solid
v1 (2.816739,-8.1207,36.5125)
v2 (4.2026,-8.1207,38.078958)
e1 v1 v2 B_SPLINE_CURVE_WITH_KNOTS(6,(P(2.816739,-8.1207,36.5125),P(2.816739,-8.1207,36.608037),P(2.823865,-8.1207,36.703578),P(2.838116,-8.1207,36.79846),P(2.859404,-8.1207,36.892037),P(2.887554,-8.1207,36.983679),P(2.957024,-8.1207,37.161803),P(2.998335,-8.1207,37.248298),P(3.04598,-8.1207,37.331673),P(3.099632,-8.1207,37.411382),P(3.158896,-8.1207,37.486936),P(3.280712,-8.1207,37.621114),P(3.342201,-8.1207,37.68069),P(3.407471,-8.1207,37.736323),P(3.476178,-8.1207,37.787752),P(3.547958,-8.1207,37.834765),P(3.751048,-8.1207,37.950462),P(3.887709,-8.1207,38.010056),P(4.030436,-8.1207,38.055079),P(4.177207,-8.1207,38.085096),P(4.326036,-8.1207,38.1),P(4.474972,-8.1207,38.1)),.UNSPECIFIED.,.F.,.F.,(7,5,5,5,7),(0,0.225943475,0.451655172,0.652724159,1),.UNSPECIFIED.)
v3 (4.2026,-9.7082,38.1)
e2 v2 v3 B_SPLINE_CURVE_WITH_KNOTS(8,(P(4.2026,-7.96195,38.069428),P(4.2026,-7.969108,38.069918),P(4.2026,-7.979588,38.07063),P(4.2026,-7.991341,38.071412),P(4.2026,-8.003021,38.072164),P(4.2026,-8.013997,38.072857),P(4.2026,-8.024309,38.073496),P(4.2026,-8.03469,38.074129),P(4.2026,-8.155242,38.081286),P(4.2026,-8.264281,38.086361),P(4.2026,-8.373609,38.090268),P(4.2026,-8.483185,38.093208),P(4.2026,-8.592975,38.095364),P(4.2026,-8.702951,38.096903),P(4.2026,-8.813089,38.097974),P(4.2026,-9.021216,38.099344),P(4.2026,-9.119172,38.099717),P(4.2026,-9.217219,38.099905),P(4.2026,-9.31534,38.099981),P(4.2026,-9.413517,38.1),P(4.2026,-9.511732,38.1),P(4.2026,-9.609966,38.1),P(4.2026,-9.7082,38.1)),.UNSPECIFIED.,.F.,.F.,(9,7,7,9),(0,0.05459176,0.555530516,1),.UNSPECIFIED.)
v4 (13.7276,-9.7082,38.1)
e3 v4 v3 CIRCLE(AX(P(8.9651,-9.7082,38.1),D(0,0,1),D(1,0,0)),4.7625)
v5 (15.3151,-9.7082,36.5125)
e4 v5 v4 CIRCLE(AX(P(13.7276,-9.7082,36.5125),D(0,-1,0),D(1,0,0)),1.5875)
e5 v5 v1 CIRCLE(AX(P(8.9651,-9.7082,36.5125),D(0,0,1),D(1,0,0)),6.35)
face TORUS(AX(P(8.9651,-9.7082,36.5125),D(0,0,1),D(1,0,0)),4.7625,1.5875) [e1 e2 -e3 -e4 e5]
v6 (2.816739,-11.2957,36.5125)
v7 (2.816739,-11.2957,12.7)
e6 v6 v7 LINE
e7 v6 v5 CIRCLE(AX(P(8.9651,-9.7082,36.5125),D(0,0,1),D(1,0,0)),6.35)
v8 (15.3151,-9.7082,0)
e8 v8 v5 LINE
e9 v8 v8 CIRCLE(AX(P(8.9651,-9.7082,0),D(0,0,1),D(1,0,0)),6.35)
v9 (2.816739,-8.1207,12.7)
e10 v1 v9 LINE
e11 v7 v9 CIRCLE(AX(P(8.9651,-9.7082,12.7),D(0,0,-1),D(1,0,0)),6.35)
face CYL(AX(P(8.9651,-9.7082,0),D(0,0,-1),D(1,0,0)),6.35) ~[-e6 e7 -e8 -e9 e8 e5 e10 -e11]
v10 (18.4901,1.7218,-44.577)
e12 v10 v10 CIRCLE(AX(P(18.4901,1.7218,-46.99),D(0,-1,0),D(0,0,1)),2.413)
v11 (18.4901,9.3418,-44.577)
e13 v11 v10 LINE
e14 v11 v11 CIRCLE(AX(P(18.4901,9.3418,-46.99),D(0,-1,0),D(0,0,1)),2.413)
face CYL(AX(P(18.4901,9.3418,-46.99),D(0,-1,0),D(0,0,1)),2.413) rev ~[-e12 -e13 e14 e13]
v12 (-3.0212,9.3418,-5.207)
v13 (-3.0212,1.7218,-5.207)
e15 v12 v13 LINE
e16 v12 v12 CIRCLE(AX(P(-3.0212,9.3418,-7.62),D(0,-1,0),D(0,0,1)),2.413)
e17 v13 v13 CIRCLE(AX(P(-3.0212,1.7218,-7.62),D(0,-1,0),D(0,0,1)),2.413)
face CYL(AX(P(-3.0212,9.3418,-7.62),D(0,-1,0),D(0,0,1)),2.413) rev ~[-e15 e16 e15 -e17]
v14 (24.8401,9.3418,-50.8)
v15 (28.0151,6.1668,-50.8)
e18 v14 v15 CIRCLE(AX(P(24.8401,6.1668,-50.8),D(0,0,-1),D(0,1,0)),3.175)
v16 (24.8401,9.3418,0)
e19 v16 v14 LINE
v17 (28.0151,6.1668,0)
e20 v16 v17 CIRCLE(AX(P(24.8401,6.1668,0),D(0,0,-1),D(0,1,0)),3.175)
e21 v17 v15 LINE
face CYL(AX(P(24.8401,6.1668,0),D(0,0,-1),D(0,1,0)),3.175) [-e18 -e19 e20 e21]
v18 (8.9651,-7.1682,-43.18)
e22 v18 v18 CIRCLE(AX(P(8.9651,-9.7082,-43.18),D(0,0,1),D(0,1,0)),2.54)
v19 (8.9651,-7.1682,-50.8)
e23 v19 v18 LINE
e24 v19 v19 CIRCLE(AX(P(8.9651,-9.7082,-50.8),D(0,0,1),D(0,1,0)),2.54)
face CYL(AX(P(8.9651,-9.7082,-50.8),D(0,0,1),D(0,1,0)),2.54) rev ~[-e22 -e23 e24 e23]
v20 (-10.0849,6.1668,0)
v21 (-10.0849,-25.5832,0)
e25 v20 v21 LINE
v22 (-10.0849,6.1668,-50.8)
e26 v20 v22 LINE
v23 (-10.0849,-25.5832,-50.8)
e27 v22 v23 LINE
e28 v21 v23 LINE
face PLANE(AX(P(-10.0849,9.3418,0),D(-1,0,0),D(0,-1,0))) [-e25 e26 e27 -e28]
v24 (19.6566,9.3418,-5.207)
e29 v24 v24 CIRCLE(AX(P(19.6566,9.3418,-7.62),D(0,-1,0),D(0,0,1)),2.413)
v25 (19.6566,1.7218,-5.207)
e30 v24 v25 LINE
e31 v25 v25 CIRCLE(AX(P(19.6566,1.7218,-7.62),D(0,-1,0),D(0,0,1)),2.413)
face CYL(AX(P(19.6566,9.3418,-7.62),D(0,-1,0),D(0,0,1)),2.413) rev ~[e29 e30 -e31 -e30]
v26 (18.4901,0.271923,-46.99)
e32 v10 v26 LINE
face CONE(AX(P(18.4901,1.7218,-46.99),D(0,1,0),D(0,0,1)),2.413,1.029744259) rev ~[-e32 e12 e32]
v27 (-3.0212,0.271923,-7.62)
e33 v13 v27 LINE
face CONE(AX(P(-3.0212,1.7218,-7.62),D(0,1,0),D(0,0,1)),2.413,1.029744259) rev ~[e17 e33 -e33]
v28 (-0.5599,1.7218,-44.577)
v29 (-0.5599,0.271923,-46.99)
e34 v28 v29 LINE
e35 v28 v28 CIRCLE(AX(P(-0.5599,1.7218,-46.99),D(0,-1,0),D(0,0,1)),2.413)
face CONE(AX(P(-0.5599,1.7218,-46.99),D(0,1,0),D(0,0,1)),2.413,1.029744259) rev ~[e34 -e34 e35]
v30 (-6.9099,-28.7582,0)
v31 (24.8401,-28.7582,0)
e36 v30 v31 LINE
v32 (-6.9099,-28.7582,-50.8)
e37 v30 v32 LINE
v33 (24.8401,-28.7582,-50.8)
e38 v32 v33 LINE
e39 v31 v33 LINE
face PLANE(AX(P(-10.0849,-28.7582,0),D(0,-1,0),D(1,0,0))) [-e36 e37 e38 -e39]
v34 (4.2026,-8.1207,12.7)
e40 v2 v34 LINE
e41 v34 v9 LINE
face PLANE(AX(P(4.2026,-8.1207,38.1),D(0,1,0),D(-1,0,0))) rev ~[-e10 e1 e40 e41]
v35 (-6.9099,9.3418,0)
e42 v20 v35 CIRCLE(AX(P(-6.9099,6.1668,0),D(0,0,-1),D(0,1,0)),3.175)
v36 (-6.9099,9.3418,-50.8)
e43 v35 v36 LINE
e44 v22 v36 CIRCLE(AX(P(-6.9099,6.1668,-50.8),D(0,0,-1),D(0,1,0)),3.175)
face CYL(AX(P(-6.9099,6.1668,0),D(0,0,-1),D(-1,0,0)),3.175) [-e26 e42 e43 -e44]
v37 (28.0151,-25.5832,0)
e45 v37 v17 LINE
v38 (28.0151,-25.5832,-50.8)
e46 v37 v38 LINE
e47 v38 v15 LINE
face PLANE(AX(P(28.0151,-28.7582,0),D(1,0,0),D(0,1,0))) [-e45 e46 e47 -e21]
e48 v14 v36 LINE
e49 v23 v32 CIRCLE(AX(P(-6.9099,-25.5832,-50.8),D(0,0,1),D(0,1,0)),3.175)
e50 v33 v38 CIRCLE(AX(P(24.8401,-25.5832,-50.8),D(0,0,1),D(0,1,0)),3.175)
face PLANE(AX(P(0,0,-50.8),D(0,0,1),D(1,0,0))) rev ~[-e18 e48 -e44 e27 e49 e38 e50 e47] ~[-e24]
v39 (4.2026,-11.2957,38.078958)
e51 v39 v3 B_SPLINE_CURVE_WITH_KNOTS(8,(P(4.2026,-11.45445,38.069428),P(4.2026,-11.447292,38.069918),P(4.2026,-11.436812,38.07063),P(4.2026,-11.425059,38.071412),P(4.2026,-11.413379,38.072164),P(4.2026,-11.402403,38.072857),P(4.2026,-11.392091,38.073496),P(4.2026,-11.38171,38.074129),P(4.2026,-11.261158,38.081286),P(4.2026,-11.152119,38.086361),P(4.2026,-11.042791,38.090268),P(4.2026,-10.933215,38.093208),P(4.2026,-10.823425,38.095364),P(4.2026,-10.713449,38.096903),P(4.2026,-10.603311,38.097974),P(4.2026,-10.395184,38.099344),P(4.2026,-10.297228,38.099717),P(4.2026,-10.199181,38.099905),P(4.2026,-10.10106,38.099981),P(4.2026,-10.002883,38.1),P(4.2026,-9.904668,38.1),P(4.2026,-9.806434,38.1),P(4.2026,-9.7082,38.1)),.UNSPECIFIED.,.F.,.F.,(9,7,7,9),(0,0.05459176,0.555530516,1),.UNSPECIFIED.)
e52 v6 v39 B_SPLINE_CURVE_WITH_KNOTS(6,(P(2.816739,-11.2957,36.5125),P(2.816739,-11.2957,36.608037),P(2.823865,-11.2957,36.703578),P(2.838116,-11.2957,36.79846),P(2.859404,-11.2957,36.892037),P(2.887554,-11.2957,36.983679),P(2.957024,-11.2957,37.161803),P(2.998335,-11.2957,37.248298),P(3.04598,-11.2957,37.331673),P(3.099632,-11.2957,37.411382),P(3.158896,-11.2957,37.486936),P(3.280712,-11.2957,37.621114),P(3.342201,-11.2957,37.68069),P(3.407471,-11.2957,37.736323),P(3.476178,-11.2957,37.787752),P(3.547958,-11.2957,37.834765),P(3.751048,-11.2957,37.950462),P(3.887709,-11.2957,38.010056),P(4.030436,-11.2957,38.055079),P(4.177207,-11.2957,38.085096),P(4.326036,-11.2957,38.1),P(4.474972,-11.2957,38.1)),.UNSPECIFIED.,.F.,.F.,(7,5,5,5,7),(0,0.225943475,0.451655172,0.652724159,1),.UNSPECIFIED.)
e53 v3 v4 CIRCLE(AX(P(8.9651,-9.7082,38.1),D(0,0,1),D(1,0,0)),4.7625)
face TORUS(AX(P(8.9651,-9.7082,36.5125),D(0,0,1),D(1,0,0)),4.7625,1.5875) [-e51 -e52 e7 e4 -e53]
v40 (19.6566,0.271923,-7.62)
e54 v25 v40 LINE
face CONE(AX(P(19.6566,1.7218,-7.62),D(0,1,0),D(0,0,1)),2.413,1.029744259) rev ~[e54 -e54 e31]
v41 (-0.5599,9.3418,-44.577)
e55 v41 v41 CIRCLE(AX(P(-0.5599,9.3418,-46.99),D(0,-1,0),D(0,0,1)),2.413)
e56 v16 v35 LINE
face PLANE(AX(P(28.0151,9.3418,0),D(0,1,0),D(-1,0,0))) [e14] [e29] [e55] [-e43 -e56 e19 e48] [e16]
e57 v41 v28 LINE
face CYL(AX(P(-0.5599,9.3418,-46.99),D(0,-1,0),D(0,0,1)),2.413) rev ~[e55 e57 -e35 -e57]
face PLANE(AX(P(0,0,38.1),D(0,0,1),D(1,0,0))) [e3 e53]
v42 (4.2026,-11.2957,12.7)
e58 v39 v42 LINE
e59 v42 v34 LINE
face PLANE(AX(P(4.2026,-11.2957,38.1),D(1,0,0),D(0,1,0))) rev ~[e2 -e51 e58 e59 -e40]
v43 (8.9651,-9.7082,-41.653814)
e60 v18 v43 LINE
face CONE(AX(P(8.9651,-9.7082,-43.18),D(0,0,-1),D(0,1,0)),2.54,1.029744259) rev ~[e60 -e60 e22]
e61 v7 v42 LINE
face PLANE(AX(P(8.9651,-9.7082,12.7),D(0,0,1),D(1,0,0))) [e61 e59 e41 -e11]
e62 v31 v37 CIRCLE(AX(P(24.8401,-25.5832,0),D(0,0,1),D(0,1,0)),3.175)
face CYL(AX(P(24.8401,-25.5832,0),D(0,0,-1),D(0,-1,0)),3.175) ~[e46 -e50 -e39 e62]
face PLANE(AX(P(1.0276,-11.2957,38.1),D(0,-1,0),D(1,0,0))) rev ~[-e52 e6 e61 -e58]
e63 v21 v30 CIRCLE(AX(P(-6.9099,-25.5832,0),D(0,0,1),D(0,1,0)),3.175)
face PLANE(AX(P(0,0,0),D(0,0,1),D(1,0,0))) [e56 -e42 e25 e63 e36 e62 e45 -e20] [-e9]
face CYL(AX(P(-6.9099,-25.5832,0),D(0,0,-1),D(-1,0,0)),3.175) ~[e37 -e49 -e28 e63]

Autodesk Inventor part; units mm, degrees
ref_plane "YZ Plane" through (0, 0, 0) normal (1, 0, 0) x (0, 1, 0)
ref_plane "XZ Plane" through (0, 0, 0) normal (0, 1, 0) x (-1, 0, 0)
ref_plane "XY Plane" through (0, 0, 0) normal (0, 0, 1) x (1, 0, 0)
sketch "Sketch1" plane through (0, 0, 0) normal (0, 0, 1) x (1, 0, 0)
  line L0 (-10.0849, -28.7582) -> (28.0151, -28.7582)
  line L1 (28.0151, -28.7582) -> (28.0151, 9.3418)
  line L2 (28.0151, 9.3418) -> (-10.0849, 9.3418)
  line L3 (-10.0849, 9.3418) -> (-10.0849, -28.7582)
  circle A0 centre (8.9651, -9.7082) radius 6.35
  point P0 (0, 0)
  point P1 (8.9651, 9.3418)
  point P2 (-10.0849, -9.7082)
  dimension "d0" = 38.1
  dimension "d1" = 38.1
  dimension "d4" = 12.7
extrude "Extrusion1" add sketch "Sketch1" against normal blind 50.8 contours L3 L2 L1 L0 | A0
extrude "Extrusion2" add sketch "Sketch1" along normal blind 38.1 contours A0
fillet "Fillet1" radius 1.5875 1 edges at (2.6151, -9.7082, 38.1)
fillet "Fillet2" radius 3.175 4 edges at (28.0151, 9.3418, -25.4) (-10.0849, 9.3418, -25.4) (28.0151, -28.7582, -25.4) (-10.0849, -28.7582, -25.4)
sketch "Sketch2" plane through (8.9651, -9.7082, 38.1) normal (0, 0, 1) x (1, 0, 0)
  circle A0 centre (0, 0) radius 4.7625 projected
  line L0 (-4.7625, -1.5875) -> (-4.7625, 1.5875)
  line L1 (-4.7625, 1.5875) -> (-7.9375, 1.5875)
  line L2 (-7.9375, 1.5875) -> (-7.9375, -1.5875)
  line L3 (-7.9375, -1.5875) -> (-4.7625, -1.5875)
  point P0 (-8.9651, 9.7082)
  dimension "d13" = 3.175
  dimension "d14" = 1.5875
  dimension "d15" = 3.175
extrude "Extrusion3" cut sketch "Sketch2" against normal blind 25.4 contours L0 L3 L2 L1
sketch "Sketch3" plane through (-6.9099, 9.3418, 0) normal (0, 1, 0) x (1, 0, 0)
  line L0 (31.75, 0) -> (0, 0) projected
  line L1 (31.75, 50.8) -> (0, 50.8) projected
  line L2 (-3.175, 50.8) -> (-3.175, 0) projected
  point P0 (6.9099, 0)
  point P1 (26.5665, 7.62)
  point P2 (25.4, 46.99)
  point P3 (6.35, 46.99)
  point P4 (3.8887, 7.62)
  point P5 (34.925, 50.8)
  dimension "d18" = 7.62
  dimension "d19" = 7.62
  dimension "d20" = 3.81
  dimension "d21" = 3.81
  dimension "d22" = 9.525
  dimension "d23" = 9.525
hole "Hole1" at (19.6566, 9.3418, -7.62) at (18.4901, 9.3418, -46.99) at (-0.5599, 9.3418, -46.99) at (-3.0212, 9.3418, -7.62) direction (0, -1, 0) diameter 4.826 depth 7.62 tip angle 118
thread "Thread1" size "10-32 UNF" class "2B" standard "ANSI Unified Screw Threads" full length
thread "Thread2" size "10-24 UNC" class "2B" standard "ANSI Unified Screw Threads" full length
thread "Thread3" size "10-24 UNC" class "2B" standard "ANSI Unified Screw Threads" full length
thread "Thread4" size "10-24 UNC" class "2B" standard "ANSI Unified Screw Threads" full length
sketch "Sketch4" plane through (0, 0, -50.8) normal (0, 0, -1) x (-1, 0, 0)
  point P0 (0, 0)
  point P1 (-8.9651, -9.7082)
hole "Hole2" at (8.9651, -9.7082, -50.8) direction (0, 0, 1) diameter 5.08 depth 7.62 tip angle 118
properties part number "p60 gearbox proxy"
